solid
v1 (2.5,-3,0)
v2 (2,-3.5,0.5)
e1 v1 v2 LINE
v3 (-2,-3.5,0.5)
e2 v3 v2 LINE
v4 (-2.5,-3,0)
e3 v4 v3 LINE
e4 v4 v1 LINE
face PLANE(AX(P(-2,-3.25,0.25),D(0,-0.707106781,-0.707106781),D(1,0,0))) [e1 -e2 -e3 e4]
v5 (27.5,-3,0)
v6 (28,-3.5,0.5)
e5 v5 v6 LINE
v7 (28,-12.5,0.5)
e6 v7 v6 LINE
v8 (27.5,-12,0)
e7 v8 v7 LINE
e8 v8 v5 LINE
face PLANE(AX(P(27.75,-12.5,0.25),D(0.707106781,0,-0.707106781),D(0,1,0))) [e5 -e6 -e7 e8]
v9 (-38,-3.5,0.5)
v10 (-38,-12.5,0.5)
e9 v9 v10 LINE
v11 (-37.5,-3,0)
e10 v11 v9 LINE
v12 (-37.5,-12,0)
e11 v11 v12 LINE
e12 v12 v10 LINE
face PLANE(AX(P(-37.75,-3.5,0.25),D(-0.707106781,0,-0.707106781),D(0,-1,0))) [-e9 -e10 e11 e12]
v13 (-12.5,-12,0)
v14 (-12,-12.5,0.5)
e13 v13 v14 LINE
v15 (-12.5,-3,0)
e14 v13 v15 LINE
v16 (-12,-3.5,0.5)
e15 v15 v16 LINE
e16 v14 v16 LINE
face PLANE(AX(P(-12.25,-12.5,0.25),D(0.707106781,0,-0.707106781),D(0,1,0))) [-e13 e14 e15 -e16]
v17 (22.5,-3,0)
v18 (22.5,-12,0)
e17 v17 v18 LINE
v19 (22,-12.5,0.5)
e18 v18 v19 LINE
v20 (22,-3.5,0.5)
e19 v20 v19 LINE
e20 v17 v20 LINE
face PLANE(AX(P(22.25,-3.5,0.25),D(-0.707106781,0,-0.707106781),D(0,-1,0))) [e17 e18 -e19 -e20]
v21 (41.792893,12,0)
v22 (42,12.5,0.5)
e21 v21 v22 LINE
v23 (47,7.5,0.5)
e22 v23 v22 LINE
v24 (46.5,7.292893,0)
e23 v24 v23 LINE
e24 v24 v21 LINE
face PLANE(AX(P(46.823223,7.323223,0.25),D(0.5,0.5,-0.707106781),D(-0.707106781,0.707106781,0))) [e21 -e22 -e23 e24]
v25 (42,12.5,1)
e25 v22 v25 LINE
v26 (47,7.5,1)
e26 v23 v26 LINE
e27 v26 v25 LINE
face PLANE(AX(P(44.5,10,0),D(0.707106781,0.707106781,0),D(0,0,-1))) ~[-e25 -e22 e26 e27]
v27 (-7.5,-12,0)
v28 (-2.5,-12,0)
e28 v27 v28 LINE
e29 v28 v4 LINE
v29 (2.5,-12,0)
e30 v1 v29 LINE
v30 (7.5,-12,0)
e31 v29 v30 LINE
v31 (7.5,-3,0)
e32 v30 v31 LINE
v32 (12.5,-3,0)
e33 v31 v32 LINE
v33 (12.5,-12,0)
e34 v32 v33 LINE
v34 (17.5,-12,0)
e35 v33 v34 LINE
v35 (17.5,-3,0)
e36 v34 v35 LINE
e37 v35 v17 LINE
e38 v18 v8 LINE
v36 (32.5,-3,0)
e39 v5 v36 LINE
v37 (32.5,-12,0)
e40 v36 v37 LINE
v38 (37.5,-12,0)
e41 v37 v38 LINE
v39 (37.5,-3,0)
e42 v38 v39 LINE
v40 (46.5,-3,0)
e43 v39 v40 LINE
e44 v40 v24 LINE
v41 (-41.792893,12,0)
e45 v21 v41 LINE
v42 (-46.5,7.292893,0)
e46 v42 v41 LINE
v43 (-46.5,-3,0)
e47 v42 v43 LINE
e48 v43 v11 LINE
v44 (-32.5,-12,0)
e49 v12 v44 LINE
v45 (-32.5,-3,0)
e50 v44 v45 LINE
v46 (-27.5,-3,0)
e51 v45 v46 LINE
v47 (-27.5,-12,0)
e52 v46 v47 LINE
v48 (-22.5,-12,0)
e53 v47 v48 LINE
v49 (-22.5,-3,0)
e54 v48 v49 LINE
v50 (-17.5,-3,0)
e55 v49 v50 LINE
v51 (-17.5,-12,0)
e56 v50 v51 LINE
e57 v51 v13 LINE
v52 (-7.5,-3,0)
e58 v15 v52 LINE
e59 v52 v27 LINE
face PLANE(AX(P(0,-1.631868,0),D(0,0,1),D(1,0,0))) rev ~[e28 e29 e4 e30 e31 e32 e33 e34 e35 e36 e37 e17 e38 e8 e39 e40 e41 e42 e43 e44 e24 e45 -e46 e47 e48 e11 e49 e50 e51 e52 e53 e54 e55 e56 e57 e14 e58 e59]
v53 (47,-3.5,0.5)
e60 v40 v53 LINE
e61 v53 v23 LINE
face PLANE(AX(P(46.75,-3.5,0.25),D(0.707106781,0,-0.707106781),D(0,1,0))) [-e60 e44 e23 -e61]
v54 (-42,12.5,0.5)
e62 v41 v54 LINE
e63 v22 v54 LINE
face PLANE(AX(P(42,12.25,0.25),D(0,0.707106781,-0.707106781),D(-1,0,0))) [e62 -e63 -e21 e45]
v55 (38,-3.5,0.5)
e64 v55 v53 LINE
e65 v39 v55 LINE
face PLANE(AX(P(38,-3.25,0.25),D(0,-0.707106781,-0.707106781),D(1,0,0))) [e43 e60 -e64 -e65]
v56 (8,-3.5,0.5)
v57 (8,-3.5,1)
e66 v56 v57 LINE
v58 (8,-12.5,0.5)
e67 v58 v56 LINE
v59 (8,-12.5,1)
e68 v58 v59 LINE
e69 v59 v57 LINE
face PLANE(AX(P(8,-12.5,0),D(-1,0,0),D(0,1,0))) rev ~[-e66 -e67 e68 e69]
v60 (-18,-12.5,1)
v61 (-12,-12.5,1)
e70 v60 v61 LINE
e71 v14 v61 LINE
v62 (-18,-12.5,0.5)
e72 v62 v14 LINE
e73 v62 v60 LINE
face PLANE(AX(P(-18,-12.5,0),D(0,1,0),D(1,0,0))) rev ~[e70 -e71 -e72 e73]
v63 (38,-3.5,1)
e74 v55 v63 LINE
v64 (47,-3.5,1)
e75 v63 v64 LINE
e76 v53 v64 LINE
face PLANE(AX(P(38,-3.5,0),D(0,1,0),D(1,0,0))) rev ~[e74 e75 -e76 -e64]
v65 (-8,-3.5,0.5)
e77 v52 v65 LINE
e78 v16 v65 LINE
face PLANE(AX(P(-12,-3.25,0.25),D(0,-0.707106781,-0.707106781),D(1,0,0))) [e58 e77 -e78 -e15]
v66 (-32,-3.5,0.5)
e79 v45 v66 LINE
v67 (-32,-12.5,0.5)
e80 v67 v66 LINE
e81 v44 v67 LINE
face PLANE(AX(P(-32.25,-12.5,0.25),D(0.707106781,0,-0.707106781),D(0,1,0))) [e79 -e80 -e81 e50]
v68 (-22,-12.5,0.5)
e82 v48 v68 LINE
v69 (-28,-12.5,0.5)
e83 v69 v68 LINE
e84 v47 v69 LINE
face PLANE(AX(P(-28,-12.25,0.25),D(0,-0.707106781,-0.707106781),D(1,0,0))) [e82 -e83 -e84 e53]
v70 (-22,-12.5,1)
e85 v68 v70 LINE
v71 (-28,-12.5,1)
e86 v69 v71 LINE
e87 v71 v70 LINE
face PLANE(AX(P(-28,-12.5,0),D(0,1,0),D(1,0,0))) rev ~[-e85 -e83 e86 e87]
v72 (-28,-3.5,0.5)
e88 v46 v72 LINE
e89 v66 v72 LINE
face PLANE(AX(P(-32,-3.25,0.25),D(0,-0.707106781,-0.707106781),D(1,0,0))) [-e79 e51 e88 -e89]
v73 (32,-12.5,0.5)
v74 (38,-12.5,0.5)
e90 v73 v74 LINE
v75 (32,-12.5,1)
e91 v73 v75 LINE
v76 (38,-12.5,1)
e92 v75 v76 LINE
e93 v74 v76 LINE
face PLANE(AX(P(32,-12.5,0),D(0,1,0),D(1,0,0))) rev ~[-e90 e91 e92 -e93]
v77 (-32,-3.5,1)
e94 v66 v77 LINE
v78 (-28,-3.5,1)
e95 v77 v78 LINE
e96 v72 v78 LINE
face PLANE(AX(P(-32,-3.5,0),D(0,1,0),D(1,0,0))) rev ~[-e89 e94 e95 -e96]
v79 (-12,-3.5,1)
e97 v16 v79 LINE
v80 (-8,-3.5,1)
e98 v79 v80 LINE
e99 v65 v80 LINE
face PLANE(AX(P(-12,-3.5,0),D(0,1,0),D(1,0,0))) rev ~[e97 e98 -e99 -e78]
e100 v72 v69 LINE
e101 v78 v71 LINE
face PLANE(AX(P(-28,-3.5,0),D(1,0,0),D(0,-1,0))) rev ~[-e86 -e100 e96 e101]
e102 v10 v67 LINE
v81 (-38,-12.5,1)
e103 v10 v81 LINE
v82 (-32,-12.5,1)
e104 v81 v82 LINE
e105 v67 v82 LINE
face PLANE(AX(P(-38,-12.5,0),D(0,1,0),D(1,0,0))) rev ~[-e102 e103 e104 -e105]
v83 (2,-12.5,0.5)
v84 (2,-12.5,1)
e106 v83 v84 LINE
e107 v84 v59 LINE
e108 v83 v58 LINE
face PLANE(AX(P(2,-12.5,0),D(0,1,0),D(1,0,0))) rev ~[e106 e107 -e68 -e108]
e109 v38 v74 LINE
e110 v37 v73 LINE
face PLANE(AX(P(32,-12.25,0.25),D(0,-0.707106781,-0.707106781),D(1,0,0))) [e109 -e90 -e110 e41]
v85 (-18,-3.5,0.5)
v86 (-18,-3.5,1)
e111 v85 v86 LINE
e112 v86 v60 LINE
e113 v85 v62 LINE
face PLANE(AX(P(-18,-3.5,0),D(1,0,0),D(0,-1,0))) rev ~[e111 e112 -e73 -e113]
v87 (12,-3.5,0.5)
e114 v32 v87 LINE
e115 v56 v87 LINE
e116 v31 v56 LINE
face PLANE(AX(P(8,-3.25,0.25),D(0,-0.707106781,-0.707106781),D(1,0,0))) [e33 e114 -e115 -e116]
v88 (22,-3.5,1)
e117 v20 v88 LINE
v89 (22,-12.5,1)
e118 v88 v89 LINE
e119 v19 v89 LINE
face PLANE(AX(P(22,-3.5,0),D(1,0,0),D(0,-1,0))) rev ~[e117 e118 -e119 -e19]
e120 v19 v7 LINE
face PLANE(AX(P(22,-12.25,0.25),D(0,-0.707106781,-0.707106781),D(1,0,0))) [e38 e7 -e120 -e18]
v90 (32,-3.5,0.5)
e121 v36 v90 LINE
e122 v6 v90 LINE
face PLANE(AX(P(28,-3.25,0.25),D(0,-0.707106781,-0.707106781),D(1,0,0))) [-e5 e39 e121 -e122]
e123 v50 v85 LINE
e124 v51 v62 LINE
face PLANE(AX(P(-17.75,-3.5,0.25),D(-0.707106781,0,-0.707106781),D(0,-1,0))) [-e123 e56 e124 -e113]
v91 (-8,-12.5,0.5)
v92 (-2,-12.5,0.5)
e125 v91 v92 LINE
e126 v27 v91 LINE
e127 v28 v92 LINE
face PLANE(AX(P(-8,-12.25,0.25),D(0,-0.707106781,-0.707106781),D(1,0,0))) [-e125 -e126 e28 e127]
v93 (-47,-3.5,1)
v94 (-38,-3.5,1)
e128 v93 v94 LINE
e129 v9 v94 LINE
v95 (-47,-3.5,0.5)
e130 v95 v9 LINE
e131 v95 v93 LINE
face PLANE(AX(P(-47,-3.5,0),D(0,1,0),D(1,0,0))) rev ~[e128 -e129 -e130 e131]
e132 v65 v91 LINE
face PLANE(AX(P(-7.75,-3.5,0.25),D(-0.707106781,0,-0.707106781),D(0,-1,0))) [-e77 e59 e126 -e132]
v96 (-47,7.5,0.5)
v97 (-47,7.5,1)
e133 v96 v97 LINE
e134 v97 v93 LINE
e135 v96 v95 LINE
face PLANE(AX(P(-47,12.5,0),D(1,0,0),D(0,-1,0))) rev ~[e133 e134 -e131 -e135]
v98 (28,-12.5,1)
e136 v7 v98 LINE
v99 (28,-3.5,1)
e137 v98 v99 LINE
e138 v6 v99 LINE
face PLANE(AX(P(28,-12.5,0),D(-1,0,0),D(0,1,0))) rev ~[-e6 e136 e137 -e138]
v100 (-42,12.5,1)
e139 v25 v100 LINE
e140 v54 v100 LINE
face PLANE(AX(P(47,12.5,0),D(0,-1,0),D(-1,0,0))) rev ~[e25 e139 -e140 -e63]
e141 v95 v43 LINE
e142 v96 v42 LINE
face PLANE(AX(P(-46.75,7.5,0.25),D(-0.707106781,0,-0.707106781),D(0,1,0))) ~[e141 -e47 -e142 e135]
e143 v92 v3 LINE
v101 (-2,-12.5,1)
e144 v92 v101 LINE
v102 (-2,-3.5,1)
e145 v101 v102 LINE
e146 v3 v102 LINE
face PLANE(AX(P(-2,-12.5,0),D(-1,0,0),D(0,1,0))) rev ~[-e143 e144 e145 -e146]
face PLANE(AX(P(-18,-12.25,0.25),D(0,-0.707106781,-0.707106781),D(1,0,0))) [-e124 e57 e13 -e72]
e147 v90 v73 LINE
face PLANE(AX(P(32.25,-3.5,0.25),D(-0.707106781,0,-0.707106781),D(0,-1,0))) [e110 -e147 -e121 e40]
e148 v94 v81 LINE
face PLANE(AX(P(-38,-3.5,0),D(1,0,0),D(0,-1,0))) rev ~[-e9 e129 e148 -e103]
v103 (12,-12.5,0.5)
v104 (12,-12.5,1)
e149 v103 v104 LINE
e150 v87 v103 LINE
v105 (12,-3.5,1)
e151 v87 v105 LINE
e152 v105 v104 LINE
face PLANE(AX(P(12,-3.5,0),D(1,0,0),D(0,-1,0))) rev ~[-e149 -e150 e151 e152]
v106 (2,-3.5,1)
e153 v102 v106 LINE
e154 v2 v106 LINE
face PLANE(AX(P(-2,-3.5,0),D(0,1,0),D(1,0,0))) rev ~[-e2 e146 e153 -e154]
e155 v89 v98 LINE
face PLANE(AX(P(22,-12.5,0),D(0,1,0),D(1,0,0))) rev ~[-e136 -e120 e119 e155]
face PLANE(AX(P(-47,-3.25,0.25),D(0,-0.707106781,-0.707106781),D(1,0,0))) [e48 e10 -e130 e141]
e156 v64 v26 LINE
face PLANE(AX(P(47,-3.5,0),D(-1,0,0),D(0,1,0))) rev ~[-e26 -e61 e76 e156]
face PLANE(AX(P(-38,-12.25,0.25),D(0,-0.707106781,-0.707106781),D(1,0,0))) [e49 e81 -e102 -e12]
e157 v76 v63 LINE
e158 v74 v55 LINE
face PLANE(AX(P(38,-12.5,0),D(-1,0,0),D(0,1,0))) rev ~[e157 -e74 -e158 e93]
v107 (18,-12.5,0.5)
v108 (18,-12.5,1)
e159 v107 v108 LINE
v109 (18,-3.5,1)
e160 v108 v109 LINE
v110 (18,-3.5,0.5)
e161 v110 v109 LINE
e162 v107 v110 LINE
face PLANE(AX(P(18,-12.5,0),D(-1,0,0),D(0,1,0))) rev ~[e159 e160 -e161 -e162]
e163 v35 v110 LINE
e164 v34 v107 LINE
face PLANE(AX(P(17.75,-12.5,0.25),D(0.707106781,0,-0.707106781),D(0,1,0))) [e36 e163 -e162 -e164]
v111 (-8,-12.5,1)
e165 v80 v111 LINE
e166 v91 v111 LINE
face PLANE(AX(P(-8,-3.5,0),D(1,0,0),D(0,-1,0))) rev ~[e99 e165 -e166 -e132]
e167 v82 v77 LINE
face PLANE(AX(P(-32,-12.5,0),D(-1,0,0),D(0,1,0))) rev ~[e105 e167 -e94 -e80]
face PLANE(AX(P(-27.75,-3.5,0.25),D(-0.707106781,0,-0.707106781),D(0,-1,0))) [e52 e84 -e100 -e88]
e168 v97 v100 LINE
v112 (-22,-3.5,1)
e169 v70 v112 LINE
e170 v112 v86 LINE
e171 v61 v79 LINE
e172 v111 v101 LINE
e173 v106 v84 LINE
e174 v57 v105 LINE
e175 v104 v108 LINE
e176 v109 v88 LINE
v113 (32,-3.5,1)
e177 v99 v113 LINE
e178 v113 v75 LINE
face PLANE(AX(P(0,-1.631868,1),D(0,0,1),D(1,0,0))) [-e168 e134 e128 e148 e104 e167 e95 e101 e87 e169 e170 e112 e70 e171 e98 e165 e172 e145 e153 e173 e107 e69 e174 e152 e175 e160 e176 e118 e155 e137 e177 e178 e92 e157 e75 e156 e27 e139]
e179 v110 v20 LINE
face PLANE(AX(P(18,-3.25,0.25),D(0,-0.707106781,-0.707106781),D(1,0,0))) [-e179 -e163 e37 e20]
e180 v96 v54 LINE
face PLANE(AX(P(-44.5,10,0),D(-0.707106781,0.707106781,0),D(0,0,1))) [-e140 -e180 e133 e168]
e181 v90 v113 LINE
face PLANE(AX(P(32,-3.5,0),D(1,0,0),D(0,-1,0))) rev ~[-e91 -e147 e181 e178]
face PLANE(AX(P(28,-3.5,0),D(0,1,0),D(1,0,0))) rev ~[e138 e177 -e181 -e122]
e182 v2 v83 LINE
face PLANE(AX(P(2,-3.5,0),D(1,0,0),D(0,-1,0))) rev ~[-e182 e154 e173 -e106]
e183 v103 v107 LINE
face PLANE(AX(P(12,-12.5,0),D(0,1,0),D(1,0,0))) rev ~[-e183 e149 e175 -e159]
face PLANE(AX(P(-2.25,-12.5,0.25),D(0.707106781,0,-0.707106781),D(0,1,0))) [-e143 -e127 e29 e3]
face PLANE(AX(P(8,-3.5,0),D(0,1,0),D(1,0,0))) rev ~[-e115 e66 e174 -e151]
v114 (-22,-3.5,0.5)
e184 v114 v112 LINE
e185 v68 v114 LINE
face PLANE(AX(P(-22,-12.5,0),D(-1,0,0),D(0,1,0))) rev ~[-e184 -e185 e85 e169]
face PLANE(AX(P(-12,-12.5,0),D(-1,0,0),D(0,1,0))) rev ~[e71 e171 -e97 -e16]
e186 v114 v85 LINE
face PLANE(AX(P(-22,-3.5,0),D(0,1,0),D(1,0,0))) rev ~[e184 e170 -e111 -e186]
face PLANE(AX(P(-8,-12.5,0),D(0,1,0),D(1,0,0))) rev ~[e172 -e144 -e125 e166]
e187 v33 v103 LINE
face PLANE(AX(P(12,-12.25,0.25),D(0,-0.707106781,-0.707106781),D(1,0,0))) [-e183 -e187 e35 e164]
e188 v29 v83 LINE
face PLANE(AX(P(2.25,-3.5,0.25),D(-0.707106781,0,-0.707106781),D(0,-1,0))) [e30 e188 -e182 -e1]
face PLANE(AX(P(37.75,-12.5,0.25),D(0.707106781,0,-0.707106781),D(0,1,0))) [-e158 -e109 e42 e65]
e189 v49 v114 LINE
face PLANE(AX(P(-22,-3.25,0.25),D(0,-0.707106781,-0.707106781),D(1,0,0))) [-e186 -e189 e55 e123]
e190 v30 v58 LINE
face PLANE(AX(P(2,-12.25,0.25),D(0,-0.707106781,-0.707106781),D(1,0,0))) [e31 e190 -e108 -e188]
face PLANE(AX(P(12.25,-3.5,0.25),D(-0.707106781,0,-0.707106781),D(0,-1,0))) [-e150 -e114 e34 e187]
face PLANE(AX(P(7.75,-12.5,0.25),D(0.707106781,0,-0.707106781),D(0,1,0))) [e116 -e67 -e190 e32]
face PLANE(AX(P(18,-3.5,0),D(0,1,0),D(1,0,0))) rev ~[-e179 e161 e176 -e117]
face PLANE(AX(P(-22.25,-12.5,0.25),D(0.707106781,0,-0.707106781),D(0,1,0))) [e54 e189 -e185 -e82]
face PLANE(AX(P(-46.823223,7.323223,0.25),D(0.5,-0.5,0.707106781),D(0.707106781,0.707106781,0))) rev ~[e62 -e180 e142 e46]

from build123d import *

# Parameters (mm, degrees)
F2_DEPTH = 1
F3_SIZE  = 5
F4_SIZE  = 0.5


with BuildPart() as f2:
    # F1 (on face) → F2 (new body)
    with BuildSketch(Plane.XY):
        Polygon((-47, 12.5), (-47, -3.5), (-38, -3.5), (-38, -12.5), (-32, -12.5), (-32, -3.5), (-28, -3.5), (-28, -12.5), (-22, -12.5), (-22, -3.5), (-18, -3.5), (-18, -12.5), (-12, -12.5), (-12, -3.5), (-8, -3.5), (-8, -12.5), (-2, -12.5), (-2, -3.5), (2, -3.5), (2, -12.5), (8, -12.5), (8, -3.5), (12, -3.5), (12, -12.5), (18, -12.5), (18, -3.5), (22, -3.5), (22, -12.5), (28, -12.5), (28, -3.5), (32, -3.5), (32, -12.5), (38, -12.5), (38, -3.5), (47, -3.5), (47, 12.5), align=None)
    extrude(amount=F2_DEPTH)

    # F3
    f3_edges = [f2.edges().sort_by_distance(p)[0] for p in [
        (47, 12.5, 0.5),
        (-47, 12.5, 0.5),
    ]]
    chamfer(f3_edges, length=F3_SIZE)

    # F4
    f4_edges = [f2.edges().sort_by_distance(p)[0] for p in [
        (-47, 2, 0),
        (-44.5, 10, 0),
        (-42.5, -3.5, 0),
        (0, 12.5, 0),
        (-38, -8, 0),
        (44.5, 10, 0),
        (-35, -12.5, 0),
        (47, 2, 0),
        (-32, -8, 0),
        (42.5, -3.5, 0),
        (-30, -3.5, 0),
        (38, -8, 0),
        (-28, -8, 0),
        (35, -12.5, 0),
        (-25, -12.5, 0),
        (32, -8, 0),
        (-22, -8, 0),
        (30, -3.5, 0),
        (-20, -3.5, 0),
        (28, -8, 0),
        (-18, -8, 0),
        (25, -12.5, 0),
        (-15, -12.5, 0),
        (22, -8, 0),
        (-12, -8, 0),
        (20, -3.5, 0),
        (-10, -3.5, 0),
        (18, -8, 0),
        (-8, -8, 0),
        (15, -12.5, 0),
        (-5, -12.5, 0),
        (12, -8, 0),
        (-2, -8, 0),
        (10, -3.5, 0),
        (0, -3.5, 0),
        (8, -8, 0),
        (2, -8, 0),
        (5, -12.5, 0),
    ]]
    chamfer(f4_edges, length=F4_SIZE)


solid = f2.part
